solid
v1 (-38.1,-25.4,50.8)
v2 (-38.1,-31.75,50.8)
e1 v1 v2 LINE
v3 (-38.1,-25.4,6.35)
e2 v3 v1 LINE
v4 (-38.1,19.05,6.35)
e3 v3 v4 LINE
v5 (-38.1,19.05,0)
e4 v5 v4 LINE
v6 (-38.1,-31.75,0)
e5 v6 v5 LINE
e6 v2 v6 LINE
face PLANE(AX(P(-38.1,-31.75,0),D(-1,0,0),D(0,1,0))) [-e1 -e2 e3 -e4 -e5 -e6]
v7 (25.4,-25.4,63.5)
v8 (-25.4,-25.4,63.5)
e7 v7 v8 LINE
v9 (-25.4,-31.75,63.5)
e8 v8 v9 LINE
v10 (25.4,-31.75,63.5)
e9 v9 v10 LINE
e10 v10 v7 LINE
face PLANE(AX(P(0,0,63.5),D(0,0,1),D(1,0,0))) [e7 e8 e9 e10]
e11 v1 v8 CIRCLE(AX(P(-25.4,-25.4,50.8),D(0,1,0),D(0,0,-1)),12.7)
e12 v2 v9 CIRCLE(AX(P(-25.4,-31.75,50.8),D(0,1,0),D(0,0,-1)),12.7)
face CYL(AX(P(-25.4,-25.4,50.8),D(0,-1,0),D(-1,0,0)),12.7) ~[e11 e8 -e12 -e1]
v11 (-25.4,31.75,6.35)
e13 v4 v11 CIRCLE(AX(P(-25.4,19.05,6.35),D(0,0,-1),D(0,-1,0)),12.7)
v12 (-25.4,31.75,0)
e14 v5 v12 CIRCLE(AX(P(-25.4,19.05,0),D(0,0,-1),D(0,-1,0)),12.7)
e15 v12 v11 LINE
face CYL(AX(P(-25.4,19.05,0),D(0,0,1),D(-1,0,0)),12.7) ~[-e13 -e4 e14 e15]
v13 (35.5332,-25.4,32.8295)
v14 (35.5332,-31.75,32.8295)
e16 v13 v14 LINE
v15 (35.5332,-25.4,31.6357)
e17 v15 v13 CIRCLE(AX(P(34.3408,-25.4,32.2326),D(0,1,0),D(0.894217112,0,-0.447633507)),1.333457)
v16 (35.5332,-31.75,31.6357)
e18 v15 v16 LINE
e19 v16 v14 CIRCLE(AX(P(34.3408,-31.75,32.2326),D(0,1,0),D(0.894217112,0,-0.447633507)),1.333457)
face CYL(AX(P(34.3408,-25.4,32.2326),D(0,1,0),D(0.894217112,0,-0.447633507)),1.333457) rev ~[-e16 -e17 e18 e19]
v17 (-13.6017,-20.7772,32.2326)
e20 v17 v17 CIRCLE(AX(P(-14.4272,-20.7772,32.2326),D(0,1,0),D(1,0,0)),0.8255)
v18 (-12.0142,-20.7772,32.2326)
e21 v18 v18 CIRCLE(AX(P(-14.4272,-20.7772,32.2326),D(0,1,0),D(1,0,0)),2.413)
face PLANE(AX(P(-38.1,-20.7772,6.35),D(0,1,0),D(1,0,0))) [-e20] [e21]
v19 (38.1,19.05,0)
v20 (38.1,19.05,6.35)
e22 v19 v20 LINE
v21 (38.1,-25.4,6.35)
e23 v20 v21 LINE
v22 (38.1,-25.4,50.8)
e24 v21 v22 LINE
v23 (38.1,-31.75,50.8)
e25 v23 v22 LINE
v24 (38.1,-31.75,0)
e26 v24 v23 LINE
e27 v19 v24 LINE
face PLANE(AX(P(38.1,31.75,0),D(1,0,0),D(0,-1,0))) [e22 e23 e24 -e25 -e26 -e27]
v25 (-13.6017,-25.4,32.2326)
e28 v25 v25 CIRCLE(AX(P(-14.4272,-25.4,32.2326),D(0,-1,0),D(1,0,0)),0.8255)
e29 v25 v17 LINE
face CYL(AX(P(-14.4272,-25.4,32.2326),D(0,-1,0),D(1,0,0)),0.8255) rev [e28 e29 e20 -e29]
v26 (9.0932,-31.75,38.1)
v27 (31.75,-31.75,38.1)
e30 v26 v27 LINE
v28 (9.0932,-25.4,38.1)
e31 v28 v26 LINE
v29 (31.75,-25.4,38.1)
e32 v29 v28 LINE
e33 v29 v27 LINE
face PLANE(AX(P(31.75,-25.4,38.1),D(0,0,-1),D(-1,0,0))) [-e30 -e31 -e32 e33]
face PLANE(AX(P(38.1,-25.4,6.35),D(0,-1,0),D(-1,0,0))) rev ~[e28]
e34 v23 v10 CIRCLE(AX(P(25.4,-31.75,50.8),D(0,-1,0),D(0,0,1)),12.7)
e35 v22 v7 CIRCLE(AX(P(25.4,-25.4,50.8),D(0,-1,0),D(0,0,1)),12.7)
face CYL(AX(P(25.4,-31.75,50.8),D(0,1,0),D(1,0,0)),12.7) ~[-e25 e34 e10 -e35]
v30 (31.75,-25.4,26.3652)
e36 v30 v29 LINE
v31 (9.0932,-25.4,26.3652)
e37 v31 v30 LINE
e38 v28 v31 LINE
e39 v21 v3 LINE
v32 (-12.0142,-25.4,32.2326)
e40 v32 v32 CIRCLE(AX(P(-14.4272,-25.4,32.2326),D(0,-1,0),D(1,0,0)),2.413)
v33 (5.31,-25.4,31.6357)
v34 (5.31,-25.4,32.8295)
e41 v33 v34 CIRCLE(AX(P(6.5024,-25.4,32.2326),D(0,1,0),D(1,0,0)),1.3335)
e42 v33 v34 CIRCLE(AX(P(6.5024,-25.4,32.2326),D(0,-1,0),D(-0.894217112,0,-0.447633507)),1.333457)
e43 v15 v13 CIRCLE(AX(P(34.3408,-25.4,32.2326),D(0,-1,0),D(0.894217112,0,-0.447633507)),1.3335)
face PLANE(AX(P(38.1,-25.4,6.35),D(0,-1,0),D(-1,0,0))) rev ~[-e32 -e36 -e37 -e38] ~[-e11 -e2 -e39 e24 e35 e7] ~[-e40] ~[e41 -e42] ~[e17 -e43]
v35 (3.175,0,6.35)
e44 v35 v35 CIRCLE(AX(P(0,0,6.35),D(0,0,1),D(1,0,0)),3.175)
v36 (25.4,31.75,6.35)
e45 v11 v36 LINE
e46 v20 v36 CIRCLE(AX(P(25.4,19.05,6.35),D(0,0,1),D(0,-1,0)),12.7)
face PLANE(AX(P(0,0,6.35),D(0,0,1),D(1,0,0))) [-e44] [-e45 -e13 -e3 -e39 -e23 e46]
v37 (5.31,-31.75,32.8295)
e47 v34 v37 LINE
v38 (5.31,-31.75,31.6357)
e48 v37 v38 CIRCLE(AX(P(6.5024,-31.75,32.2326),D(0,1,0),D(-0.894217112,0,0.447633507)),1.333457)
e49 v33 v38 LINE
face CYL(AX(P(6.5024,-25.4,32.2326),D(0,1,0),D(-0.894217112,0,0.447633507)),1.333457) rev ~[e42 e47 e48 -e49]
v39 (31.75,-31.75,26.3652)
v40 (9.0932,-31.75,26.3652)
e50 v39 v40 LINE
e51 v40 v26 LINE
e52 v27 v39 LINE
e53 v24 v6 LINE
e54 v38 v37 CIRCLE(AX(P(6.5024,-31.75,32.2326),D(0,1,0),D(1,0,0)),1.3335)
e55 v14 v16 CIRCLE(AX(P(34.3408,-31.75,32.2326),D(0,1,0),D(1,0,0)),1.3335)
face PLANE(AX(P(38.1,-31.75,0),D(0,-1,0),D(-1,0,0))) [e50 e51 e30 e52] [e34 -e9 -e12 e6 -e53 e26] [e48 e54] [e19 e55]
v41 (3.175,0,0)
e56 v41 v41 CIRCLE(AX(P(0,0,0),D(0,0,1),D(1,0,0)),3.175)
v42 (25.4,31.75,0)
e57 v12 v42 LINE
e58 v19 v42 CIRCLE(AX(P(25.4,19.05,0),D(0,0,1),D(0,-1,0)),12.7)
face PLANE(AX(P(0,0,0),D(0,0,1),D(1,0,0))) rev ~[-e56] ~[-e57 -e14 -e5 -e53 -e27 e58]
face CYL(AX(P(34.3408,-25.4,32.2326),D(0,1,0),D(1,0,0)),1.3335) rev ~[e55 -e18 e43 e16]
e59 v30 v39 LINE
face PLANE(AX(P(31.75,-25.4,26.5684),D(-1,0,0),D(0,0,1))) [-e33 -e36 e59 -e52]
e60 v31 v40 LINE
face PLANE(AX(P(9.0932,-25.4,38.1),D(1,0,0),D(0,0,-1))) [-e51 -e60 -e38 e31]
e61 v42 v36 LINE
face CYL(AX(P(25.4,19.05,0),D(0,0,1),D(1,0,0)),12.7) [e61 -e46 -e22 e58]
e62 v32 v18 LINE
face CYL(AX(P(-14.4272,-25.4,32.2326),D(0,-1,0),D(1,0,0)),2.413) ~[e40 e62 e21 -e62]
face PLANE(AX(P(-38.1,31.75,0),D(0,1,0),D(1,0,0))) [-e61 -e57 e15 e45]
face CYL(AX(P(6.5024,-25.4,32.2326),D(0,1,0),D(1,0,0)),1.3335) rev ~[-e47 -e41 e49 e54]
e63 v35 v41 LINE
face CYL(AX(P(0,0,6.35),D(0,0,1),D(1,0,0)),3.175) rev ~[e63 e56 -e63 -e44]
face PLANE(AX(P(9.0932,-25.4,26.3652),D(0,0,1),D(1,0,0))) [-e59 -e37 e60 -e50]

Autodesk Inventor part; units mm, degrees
ref_plane "YZ Plane" through (0, 0, 0) normal (1, 0, 0) x (0, 1, 0)
sketch "Sketch1" plane through (0, 0, 0) normal (0, 0, 1) x (1, 0, 0)
  line L0 (38.1, -31.75) -> (-38.1, -31.75)
  line L1 (-38.1, -31.75) -> (-38.1, 31.75)
  line L2 (-38.1, 31.75) -> (38.1, 31.75)
  line L3 (38.1, 31.75) -> (38.1, -31.75)
  line L4 (38.1, -31.75) -> (-38.1, 31.75) construction
  line L5 (-38.1, -31.75) -> (38.1, 31.75) construction
  point P0 (0, 0)
  dimension "d0" = 76.2
  dimension "d1" = 63.5
extrude "Extrusion1" add sketch "Sketch1" along normal blind 6.35
sketch "Sketch2" plane through (0, 0, 6.35) normal (0, 0, 1) x (1, 0, 0)
  line L0 (-38.1, -31.75) -> (38.1, -31.75) projected
  line L1 (38.1, -31.75) -> (38.1, 31.75) projected
  line L2 (-38.1, -31.75) -> (38.1, -31.75)
  line L3 (38.1, -31.75) -> (38.1, -25.4)
  line L4 (38.1, -25.4) -> (-38.1, -25.4)
  line L5 (-38.1, -25.4) -> (-38.1, -31.75)
  point P0 (0, 0)
  dimension "d4" = 6.35
extrude "Extrusion2" add sketch "Sketch2" along normal blind 57.15
fillet "Fillet1" radius 12.7 4 edges at (38.1, 31.75, 3.175) (-38.1, 31.75, 3.175) (38.1, -28.575, 63.5) (-38.1, -28.575, 63.5)
sketch "Sketch3" plane through (0, 0, 6.35) normal (0, 0, 1) x (1, 0, 0)
  circle A0 centre (0, 0) radius 3.175
  dimension "d8" = 6.35
extrude "Extrusion3" cut sketch "Sketch3" against normal blind 25.4
sketch "Sketch4" plane through (-38.1, -25.4, 6.35) normal (0, 1, 0) x (1, 0, 0)
  line L0 (69.85, -20.2184) -> (69.85, -31.5468) projected
  line L1 (54.1906, -20.0152) -> (69.6468, -20.0152) projected
  line L2 (47.1932, -24.362) -> (47.1932, -20.2184) projected
  line L3 (47.1932, -31.5468) -> (47.1932, -27.4032) projected
  line L4 (69.6468, -31.75) -> (54.1906, -31.75) projected
  line L5 (51.7782, -31.75) -> (47.3964, -31.75) projected
  line L6 (69.85, -31.5468) -> (69.85, -31.75)
  line L7 (69.85, -31.75) -> (69.6468, -31.75)
  line L8 (69.6468, -31.75) -> (47.1932, -31.75)
  line L9 (47.1932, -31.75) -> (47.1932, -20.0152)
  line L10 (47.1932, -20.0152) -> (69.85, -20.0152)
  line L11 (69.85, -20.0152) -> (69.85, -31.5468)
  arc A0 (73.6332, -25.2857) -> (73.6332, -26.4795) centre (72.4408, -25.8826) ccw projected
  circle A1 centre (72.4408, -25.8826) radius 1.3335
  arc A2 (43.41, -26.4795) -> (43.41, -25.2857) centre (44.6024, -25.8826) ccw projected
  circle A3 centre (44.6024, -25.8826) radius 1.3335
  point P0 (38.1, 6.35)
  point P1 (47.1932, -27.4032)
  point P2 (73.6332, -25.2857)
  point P3 (43.41, -25.2857)
  dimension "d11" = 22.6568
extrude "Extrusion4" cut sketch "Sketch4" against normal blind 25.4
sketch "Sketch5" plane through (-38.1, -25.4, 6.35) normal (0, 1, 0) x (1, 0, 0)
  circle A0 centre (23.6728, -25.8826) radius 2.413
  circle A1 centre (52.9844, -25.8826) radius 2.413 projected
  line L0 (76.2, -25.8826) -> (0, -25.8826)
  circle A2 centre (23.6728, -25.8826) radius 0.8255
  circle A3 centre (52.9844, -25.8826) radius 0.8255 projected
  point P0 (38.1, 6.35)
  dimension "d14" = 4.826
ref_plane "Work Plane1" through (12.4714, -20.7772, 29.8196) normal (0, 1, 0) x (0, 0, 1)
ref_plane "Work Plane2" through (12.4714, -20.7772, 29.8196) normal (0, 1, 0) x (0, 0, 1)
extrude "Extrusion5" add sketch "Sketch5" along normal up to surface (4.6228 mm away) contours L0 A2 A0 | A0 L0 A2
properties part number "Base"
